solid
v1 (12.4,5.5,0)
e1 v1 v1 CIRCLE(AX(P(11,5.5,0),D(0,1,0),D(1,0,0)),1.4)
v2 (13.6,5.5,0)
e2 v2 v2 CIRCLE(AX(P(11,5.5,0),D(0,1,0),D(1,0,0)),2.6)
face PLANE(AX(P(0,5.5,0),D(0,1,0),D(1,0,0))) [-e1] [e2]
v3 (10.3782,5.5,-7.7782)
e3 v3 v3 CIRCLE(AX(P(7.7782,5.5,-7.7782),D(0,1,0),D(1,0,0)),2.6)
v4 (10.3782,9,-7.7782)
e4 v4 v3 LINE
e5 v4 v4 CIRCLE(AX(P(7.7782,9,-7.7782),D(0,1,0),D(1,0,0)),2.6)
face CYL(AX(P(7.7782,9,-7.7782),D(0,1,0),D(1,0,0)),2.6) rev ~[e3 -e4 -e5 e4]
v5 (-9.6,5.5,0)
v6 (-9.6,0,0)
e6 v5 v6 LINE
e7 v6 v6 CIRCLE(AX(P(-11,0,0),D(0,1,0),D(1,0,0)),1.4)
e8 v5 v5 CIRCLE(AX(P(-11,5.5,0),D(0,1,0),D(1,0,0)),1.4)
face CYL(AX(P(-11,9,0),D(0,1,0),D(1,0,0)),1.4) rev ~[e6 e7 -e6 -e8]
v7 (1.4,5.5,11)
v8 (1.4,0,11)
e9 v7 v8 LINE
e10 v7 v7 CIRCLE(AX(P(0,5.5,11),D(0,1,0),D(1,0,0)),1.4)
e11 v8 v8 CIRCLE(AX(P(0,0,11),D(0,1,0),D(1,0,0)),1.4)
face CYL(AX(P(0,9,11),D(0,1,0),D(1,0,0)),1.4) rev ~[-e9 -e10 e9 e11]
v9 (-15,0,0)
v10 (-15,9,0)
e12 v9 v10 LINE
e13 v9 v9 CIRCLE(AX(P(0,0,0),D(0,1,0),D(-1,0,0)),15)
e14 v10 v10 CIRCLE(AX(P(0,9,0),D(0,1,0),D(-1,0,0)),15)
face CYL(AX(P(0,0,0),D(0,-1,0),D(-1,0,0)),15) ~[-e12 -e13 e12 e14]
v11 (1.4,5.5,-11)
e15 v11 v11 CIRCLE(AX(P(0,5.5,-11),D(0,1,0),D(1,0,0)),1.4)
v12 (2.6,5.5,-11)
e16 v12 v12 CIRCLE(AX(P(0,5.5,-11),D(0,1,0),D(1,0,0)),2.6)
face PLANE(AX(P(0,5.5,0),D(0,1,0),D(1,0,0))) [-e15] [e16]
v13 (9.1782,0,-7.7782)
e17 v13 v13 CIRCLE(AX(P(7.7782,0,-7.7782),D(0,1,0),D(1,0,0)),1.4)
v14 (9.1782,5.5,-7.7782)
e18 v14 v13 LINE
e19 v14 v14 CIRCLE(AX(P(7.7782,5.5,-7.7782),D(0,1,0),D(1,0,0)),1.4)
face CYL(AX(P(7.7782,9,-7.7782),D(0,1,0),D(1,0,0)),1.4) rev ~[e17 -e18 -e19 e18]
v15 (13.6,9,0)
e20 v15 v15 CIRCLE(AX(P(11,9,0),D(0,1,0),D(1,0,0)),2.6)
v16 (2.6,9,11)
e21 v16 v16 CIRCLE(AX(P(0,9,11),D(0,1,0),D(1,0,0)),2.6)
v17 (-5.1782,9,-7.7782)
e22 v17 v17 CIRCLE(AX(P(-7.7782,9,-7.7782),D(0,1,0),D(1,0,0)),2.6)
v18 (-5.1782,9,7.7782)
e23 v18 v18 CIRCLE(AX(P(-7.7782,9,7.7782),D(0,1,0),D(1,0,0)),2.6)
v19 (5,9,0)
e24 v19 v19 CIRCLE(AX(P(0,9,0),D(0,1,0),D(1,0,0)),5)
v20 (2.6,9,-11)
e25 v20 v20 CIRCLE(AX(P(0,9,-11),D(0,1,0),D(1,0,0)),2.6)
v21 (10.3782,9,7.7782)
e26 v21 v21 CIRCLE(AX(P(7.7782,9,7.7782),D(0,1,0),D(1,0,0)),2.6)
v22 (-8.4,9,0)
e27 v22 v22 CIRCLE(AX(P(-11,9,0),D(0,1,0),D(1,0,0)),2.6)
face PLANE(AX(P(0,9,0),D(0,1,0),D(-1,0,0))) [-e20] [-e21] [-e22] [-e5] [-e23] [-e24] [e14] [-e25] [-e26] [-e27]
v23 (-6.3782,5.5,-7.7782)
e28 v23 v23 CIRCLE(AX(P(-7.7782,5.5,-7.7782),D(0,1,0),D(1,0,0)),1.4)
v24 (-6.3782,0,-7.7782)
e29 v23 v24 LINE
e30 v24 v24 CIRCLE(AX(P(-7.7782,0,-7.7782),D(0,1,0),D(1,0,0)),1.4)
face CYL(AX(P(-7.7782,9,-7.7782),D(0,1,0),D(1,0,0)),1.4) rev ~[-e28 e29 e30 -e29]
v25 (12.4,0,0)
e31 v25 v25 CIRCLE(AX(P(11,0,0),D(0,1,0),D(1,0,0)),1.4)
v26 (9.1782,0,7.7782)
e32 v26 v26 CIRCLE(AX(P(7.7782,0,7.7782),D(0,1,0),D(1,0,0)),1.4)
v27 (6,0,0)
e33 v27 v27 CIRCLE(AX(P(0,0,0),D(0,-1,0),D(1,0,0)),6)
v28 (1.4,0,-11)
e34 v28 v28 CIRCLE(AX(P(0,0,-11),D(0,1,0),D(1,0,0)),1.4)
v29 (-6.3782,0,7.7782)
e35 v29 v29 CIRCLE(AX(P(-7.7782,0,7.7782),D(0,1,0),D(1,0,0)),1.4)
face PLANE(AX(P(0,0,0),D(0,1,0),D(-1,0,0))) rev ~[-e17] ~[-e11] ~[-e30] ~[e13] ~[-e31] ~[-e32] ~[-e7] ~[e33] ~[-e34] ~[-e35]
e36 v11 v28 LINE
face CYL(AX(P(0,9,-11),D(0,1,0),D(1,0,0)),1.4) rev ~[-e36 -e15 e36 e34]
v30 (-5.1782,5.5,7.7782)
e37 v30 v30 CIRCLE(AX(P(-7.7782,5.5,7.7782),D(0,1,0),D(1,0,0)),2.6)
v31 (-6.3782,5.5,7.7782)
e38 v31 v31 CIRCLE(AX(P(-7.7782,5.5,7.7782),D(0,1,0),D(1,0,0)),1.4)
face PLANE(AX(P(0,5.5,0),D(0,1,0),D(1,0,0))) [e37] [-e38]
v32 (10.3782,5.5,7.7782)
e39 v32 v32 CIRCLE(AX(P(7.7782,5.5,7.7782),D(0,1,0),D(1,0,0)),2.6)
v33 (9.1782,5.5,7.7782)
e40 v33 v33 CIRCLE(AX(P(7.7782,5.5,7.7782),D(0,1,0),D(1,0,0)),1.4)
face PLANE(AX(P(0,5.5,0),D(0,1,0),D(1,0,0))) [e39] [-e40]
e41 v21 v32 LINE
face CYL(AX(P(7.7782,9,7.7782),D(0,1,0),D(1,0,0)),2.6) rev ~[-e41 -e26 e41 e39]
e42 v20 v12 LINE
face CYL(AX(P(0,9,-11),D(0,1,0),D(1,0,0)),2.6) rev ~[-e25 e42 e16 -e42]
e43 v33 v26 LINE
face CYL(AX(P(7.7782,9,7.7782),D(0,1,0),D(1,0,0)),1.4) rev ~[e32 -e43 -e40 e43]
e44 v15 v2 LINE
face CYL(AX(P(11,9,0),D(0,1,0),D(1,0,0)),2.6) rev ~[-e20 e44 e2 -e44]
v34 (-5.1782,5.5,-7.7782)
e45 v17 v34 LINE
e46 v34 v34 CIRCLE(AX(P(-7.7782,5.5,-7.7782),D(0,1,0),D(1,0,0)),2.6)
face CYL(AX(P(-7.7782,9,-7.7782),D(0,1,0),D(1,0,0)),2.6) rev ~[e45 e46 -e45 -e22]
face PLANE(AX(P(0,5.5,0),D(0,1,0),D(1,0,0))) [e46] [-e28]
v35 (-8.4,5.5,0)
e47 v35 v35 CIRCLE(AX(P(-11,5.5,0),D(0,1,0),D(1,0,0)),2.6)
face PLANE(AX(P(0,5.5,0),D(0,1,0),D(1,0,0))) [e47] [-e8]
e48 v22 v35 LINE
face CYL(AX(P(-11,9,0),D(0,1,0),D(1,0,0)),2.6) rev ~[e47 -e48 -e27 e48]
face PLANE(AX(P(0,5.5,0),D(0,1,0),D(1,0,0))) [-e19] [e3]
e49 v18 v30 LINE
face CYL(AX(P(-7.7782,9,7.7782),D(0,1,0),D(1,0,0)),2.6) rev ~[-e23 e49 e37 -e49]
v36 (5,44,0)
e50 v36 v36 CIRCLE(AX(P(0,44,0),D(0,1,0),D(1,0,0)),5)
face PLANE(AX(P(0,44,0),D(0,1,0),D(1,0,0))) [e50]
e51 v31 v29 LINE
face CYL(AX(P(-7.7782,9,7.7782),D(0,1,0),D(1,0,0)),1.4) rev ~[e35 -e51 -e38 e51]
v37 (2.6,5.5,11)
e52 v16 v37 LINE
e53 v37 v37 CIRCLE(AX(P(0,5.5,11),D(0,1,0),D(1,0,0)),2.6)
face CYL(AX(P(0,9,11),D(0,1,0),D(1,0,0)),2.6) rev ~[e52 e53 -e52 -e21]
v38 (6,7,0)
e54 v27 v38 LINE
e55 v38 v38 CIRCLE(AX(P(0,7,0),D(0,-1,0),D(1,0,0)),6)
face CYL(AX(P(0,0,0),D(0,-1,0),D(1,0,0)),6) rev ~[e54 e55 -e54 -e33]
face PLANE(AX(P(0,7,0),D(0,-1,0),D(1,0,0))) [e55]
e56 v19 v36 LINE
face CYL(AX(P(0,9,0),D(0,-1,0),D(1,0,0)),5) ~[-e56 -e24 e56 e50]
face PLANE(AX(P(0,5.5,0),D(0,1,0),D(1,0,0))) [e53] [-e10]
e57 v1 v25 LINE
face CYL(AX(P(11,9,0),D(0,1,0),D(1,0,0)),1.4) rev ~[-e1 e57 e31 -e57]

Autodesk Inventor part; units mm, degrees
ref_plane "YZ Plane" through (0, 0, 0) normal (1, 0, 0) x (0, 1, 0)
ref_plane "XZ Plane" through (0, 0, 0) normal (0, 1, 0) x (-1, 0, 0)
ref_plane "XY Plane" through (0, 0, 0) normal (0, 0, 1) x (1, 0, 0)
sketch "Sketch1" plane through (0, 0, 0) normal (0, 1, 0) x (-1, 0, 0)
  circle A0 centre (0, 0) radius 15
  dimension "d0" = 30
extrude "Extrusion1" add sketch "Sketch1" along normal blind 9
sketch "Sketch3" plane through (0, 9, 0) normal (0, 1, 0) x (1, 0, 0)
  circle A0 centre (0, 0) radius 11 construction
  line L0 (0, 0) -> (0, 11) construction
  line L1 (0, 11) -> (7.7782, 7.7782) construction
  line L2 (7.7782, 7.7782) -> (11, 0) construction
  line L3 (11, 0) -> (7.7782, -7.7782) construction
  line L4 (7.7782, -7.7782) -> (0, -11) construction
  line L5 (0, -11) -> (-7.7782, -7.7782) construction
  line L6 (-7.7782, -7.7782) -> (-11, 0) construction
  line L7 (-11, 0) -> (-7.7782, 7.7782) construction
  line L8 (-7.7782, 7.7782) -> (0, 11) construction
  circle A1 centre (-11, 0) radius 1.4
  circle A2 centre (-7.7782, 7.7782) radius 1.4
  circle A3 centre (-7.7782, -7.7782) radius 1.4
  circle A4 centre (0, -11) radius 1.4
  circle A5 centre (7.7782, -7.7782) radius 1.4
  circle A6 centre (11, 0) radius 1.4
  circle A7 centre (7.7782, 7.7782) radius 1.4
  circle A8 centre (0, 11) radius 1.4
  dimension "d12" = 22
  dimension "d13" = 2.8
  dimension "d14" = 2.8
  dimension "d15" = 2.8
  dimension "d16" = 2.8
  dimension "d17" = 2.8
  dimension "d18" = 2.8
  dimension "d19" = 2.8
  dimension "d20" = 2.8
extrude "Extrusion3" cut sketch "Sketch3" against normal up to next
sketch "Sketch4" plane through (0, 9, 0) normal (0, 1, 0) x (1, 0, 0)
  circle A0 centre (-11, 0) radius 1.4 construction
  circle A1 centre (0, 0) radius 11 construction
  line L0 (0, 0) -> (-11, 0) construction
  line L1 (-11, 0) -> (-7.7782, 7.7782) construction
  line L2 (-7.7782, 7.7782) -> (0, 11) construction
  line L3 (0, 11) -> (7.7782, 7.7782) construction
  line L4 (7.7782, 7.7782) -> (11, 0) construction
  line L5 (11, 0) -> (7.7782, -7.7782) construction
  line L6 (7.7782, -7.7782) -> (0, -11) construction
  line L7 (0, -11) -> (-7.7782, -7.7782) construction
  line L8 (-7.7782, -7.7782) -> (-11, 0) construction
  circle A2 centre (-11, 0) radius 2.6
  circle A3 centre (-7.7782, 7.7782) radius 1.4 projected
  circle A4 centre (-7.7782, 7.7782) radius 2.6
  circle A5 centre (0, 11) radius 2.6
  circle A6 centre (7.7782, 7.7782) radius 2.6
  circle A7 centre (11, 0) radius 2.6
  circle A8 centre (7.7782, -7.7782) radius 1.4 projected
  circle A9 centre (7.7782, -7.7782) radius 2.6
  circle A10 centre (0, -11) radius 1.4 projected
  circle A11 centre (0, -11) radius 2.6
  circle A12 centre (-7.7782, -7.7782) radius 2.6
  dimension "d23" = 5.2
  dimension "d24" = 5.2
  dimension "d25" = 5.2
  dimension "d26" = 5.2
  dimension "d27" = 5.2
  dimension "d28" = 5.2
  dimension "d29" = 5.2
  dimension "d30" = 5.2
extrude "Extrusion4" cut sketch "Sketch4" against normal blind 3.5
sketch "Sketch5" plane through (0, 0, 0) normal (0, -1, 0) x (1, 0, 0)
  circle A0 centre (0, 0) radius 6
  dimension "d33" = 12
extrude "Extrusion5" cut sketch "Sketch5" against normal blind 7
sketch "Skizze6" plane through (0, 9, 0) normal (0, 1, 0) x (1, 0, 0)
  circle A0 centre (0, 0) radius 6 projected
  circle A1 centre (0, 0) radius 5
  dimension "d36" = 10
extrude "Extrusion6" add sketch "Skizze6" along normal blind 35 contours A1
properties part number "motorhorn_zu_ftsensor"
